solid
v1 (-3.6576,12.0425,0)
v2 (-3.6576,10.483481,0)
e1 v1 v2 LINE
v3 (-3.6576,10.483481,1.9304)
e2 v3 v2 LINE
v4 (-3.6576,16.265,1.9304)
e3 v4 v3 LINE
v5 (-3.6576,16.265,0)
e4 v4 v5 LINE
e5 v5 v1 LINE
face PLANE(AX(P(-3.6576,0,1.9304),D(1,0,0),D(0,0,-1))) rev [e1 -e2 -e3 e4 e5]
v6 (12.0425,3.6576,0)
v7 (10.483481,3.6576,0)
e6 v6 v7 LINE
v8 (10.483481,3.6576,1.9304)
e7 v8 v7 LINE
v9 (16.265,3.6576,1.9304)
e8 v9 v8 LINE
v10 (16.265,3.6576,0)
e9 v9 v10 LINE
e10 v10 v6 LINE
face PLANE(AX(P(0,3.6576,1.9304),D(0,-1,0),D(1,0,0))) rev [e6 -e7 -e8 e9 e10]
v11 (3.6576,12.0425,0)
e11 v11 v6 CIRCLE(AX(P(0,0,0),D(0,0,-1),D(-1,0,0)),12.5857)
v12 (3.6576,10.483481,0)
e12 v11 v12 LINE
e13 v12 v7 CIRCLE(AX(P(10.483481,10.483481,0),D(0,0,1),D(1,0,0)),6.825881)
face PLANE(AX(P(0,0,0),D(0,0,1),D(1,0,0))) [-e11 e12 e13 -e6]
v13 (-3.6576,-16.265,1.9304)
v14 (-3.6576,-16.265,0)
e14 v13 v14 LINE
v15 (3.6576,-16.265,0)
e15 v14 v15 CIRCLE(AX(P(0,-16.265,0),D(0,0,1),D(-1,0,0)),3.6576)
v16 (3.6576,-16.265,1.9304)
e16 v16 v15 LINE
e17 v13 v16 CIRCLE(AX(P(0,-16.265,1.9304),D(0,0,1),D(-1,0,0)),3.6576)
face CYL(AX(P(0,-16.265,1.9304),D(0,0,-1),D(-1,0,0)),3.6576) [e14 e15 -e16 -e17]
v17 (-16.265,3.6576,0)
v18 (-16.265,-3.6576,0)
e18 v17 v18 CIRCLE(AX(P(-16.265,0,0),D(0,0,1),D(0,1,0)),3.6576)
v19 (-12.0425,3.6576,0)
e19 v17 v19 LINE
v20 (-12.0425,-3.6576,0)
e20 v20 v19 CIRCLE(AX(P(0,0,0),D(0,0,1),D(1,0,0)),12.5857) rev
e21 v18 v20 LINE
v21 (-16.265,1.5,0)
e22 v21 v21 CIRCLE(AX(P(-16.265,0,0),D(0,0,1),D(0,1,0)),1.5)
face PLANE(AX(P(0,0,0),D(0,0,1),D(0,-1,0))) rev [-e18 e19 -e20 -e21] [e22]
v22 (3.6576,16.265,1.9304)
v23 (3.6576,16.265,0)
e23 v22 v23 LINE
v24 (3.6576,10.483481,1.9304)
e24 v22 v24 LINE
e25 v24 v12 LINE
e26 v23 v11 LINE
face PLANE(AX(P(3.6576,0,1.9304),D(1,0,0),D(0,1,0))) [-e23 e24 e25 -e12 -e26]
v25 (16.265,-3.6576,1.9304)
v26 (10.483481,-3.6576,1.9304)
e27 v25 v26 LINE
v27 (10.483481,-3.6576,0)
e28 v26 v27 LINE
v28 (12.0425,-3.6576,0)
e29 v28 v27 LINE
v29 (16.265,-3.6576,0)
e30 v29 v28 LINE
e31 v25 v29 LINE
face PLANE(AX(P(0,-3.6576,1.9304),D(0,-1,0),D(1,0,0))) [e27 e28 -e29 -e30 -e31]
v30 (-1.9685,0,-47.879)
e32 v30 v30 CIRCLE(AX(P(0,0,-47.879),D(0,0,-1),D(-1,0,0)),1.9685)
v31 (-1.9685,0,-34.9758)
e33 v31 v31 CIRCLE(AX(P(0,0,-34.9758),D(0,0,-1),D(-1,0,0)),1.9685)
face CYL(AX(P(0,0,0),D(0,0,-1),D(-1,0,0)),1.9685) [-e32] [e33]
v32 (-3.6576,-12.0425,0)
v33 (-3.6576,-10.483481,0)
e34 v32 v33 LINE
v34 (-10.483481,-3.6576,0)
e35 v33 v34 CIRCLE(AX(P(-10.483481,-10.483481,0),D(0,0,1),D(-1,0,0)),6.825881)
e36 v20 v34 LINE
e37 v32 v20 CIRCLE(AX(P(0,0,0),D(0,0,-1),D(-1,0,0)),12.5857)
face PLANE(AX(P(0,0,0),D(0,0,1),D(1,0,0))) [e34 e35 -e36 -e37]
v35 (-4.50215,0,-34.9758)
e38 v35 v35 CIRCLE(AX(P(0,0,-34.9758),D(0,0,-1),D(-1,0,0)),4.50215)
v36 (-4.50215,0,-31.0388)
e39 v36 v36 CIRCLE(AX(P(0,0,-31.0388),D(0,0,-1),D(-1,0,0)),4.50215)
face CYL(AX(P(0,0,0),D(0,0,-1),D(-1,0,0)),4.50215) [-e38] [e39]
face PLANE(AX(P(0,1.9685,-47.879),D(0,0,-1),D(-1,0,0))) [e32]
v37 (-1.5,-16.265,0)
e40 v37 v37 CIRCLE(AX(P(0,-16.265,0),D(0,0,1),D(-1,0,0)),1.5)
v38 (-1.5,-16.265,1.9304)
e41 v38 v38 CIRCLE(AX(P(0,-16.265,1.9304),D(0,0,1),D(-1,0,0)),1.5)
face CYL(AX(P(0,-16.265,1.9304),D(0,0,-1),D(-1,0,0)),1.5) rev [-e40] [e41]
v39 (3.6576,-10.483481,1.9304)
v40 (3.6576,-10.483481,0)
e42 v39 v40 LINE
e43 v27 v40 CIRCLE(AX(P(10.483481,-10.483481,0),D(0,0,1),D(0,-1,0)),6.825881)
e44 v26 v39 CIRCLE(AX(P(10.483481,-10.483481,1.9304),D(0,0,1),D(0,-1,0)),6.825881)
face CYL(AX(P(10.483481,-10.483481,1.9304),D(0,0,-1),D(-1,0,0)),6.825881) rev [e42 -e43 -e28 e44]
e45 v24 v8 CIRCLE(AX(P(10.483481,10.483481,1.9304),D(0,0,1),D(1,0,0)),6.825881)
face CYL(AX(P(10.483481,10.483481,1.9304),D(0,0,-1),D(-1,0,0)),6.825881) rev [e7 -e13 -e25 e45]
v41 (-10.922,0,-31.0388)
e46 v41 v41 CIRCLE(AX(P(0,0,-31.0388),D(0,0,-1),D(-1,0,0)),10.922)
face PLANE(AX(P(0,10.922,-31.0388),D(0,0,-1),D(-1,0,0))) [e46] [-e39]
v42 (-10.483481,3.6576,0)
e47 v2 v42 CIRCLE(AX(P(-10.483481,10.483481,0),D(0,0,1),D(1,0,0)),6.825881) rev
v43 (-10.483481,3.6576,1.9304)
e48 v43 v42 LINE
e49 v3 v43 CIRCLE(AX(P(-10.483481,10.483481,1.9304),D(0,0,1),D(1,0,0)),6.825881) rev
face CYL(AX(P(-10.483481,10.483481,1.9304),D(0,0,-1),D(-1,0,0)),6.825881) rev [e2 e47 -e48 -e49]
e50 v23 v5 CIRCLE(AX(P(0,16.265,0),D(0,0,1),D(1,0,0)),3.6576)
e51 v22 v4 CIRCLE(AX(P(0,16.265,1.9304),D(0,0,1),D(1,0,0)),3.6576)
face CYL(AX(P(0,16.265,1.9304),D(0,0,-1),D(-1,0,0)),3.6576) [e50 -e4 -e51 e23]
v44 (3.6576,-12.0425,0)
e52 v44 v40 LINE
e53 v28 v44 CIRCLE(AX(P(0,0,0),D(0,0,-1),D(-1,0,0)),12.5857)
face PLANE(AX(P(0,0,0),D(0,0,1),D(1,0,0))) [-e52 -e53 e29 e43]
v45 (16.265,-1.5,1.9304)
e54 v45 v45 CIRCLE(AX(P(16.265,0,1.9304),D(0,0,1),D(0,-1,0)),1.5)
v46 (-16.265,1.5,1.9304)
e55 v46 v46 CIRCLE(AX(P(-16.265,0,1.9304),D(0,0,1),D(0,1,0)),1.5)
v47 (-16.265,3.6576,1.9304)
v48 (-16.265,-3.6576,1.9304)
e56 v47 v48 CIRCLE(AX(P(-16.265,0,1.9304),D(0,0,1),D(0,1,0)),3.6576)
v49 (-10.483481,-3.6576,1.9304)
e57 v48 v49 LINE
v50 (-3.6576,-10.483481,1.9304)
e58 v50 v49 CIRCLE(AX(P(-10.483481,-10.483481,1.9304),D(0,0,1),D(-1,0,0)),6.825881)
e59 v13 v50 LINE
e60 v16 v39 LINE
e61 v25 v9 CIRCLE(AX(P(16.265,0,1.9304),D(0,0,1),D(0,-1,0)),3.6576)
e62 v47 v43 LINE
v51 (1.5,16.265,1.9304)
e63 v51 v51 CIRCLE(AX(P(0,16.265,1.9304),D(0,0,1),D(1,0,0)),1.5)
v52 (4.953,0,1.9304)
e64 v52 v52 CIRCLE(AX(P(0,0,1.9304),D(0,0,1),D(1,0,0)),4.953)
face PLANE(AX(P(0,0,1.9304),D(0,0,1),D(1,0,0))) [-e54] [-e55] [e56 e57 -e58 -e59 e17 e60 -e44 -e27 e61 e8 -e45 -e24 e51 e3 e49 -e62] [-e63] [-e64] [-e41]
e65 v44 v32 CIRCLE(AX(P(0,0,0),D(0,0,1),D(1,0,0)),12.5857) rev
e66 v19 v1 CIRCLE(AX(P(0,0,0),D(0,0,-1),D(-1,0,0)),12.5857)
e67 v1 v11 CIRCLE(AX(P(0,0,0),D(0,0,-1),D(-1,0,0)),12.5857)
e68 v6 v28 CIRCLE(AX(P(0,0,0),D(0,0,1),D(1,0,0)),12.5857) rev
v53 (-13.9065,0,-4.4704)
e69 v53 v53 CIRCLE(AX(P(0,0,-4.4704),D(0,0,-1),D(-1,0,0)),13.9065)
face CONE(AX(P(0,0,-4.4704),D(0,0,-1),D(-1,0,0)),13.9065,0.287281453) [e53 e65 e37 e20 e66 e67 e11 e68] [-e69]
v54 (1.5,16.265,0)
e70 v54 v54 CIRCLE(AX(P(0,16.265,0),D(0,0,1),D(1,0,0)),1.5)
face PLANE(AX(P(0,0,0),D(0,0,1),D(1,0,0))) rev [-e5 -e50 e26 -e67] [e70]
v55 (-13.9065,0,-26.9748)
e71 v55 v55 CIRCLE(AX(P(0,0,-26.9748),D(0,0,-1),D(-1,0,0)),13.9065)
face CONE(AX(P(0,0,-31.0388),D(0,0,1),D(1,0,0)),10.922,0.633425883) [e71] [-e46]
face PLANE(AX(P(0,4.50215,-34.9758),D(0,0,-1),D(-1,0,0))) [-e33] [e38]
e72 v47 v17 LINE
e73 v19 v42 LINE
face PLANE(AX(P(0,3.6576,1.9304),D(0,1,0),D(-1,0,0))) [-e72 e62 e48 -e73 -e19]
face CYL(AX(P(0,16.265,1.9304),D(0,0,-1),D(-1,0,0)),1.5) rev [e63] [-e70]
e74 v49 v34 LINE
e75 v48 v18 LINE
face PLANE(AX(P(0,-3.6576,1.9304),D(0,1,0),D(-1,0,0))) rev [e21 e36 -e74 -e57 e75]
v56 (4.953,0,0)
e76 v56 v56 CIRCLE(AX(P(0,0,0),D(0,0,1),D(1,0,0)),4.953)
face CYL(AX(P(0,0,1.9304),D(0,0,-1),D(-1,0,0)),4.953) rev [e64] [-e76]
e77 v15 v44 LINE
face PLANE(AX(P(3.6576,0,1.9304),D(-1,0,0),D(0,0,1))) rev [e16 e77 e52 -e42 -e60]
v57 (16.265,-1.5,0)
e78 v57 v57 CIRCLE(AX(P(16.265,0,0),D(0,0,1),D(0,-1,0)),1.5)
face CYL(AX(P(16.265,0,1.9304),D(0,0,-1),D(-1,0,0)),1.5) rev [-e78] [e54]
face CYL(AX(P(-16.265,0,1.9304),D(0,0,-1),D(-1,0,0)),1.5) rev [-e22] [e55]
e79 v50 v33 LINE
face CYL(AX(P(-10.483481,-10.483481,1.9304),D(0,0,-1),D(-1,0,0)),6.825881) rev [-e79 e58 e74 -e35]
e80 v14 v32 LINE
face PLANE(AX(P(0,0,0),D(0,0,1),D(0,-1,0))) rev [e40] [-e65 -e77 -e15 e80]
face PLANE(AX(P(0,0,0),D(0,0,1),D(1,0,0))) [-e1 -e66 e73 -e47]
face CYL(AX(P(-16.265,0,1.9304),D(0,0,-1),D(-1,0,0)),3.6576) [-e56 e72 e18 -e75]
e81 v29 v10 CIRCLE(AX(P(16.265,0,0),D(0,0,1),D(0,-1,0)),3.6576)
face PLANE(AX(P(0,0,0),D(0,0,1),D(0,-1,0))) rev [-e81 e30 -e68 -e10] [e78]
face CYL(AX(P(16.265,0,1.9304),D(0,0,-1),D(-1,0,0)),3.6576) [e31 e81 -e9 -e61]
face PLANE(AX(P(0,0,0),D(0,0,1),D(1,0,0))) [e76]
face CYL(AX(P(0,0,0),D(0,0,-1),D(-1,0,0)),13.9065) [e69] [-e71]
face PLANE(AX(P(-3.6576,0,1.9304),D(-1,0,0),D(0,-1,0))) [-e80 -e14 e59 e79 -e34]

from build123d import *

# Parameters (mm, degrees)
SKETCH2_R           = 1.5
BOSS_EXTRUDE1_DEPTH = 1.9304
CIRPATTERN1_COUNT   = 4


with BuildPart() as part:
    # Sketch1 → Revolve1 (revolve)
    with BuildSketch(Plane(origin=(0, 0, 0), x_dir=(0, 0, -1), z_dir=(1, 0, 0))):
        Polygon((0, 0), (0, 12.5857), (4.4704, 13.9065), (26.9748, 13.9065), (31.0388, 10.922), (31.0388, 4.50215), (34.9758, 4.50215), (34.9758, 1.9685), (47.879, 1.9685), (47.879, 0), align=None)
    revolve(axis=Axis((0, 0, 0), (0, 0, 1)))

    # Sketch2 → Boss-Extrude1 (add)
    with BuildSketch(Plane.XY):
        with BuildLine():
            Line((-3.6576, 12.04250002), (-3.6576, 10.483480973))
            Line((-3.6576, 10.483480973), (-3.6576, 3.6576))
            Line((-3.6576, 3.6576), (-3.502299887, 3.502299887))
            ThreePointArc((-3.502299887, 3.502299887), (0, 4.953), (3.502299887, 3.502299887))
            Line((3.502299887, 3.502299887), (3.6576, 3.6576))
            Line((3.6576, 3.6576), (3.6576, 10.483480973))
            Line((3.6576, 10.483480973), (3.6576, 12.04250002))
            ThreePointArc((3.6576, 12.04250002), (0, 12.5857), (-3.6576, 12.04250002))
        make_face()
        with BuildLine():
            Line((-3.6576, 3.6576), (-3.6576, 10.483480973))
            ThreePointArc((-3.6576, 10.483480973), (-4.177189251, 7.871329413), (-5.656854249, 5.656854249))
            Line((-5.656854249, 5.656854249), (-3.6576, 3.6576))
        make_face()
        with BuildLine():
            ThreePointArc((5.656854249, 5.656854249), (4.177189251, 7.871329413), (3.6576, 10.483480973))
            Line((3.6576, 10.483480973), (3.6576, 3.6576))
            Line((3.6576, 3.6576), (5.656854249, 5.656854249))
        make_face()
        with BuildLine():
            Line((-3.6576, 16.265), (-3.6576, 12.04250002))
            ThreePointArc((-3.6576, 12.04250002), (0, 12.5857), (3.6576, 12.04250002))
            Line((3.6576, 12.04250002), (3.6576, 16.265))
            ThreePointArc((3.6576, 16.265), (0, 19.9226), (-3.6576, 16.265))
        make_face()
        with Locations((0, 16.265)):
            Circle(SKETCH2_R, mode=Mode.SUBTRACT)
    boss_extrude1 = extrude(amount=BOSS_EXTRUDE1_DEPTH)

    # CirPattern1: Boss-Extrude1 ×4 about axis
    cirpattern1_axis = Axis((0, 0, 0), (0, 0, 1))
    for i in range(1, CIRPATTERN1_COUNT):
        add(boss_extrude1.rotate(cirpattern1_axis, i * 360 / CIRPATTERN1_COUNT))


solid = part.part
